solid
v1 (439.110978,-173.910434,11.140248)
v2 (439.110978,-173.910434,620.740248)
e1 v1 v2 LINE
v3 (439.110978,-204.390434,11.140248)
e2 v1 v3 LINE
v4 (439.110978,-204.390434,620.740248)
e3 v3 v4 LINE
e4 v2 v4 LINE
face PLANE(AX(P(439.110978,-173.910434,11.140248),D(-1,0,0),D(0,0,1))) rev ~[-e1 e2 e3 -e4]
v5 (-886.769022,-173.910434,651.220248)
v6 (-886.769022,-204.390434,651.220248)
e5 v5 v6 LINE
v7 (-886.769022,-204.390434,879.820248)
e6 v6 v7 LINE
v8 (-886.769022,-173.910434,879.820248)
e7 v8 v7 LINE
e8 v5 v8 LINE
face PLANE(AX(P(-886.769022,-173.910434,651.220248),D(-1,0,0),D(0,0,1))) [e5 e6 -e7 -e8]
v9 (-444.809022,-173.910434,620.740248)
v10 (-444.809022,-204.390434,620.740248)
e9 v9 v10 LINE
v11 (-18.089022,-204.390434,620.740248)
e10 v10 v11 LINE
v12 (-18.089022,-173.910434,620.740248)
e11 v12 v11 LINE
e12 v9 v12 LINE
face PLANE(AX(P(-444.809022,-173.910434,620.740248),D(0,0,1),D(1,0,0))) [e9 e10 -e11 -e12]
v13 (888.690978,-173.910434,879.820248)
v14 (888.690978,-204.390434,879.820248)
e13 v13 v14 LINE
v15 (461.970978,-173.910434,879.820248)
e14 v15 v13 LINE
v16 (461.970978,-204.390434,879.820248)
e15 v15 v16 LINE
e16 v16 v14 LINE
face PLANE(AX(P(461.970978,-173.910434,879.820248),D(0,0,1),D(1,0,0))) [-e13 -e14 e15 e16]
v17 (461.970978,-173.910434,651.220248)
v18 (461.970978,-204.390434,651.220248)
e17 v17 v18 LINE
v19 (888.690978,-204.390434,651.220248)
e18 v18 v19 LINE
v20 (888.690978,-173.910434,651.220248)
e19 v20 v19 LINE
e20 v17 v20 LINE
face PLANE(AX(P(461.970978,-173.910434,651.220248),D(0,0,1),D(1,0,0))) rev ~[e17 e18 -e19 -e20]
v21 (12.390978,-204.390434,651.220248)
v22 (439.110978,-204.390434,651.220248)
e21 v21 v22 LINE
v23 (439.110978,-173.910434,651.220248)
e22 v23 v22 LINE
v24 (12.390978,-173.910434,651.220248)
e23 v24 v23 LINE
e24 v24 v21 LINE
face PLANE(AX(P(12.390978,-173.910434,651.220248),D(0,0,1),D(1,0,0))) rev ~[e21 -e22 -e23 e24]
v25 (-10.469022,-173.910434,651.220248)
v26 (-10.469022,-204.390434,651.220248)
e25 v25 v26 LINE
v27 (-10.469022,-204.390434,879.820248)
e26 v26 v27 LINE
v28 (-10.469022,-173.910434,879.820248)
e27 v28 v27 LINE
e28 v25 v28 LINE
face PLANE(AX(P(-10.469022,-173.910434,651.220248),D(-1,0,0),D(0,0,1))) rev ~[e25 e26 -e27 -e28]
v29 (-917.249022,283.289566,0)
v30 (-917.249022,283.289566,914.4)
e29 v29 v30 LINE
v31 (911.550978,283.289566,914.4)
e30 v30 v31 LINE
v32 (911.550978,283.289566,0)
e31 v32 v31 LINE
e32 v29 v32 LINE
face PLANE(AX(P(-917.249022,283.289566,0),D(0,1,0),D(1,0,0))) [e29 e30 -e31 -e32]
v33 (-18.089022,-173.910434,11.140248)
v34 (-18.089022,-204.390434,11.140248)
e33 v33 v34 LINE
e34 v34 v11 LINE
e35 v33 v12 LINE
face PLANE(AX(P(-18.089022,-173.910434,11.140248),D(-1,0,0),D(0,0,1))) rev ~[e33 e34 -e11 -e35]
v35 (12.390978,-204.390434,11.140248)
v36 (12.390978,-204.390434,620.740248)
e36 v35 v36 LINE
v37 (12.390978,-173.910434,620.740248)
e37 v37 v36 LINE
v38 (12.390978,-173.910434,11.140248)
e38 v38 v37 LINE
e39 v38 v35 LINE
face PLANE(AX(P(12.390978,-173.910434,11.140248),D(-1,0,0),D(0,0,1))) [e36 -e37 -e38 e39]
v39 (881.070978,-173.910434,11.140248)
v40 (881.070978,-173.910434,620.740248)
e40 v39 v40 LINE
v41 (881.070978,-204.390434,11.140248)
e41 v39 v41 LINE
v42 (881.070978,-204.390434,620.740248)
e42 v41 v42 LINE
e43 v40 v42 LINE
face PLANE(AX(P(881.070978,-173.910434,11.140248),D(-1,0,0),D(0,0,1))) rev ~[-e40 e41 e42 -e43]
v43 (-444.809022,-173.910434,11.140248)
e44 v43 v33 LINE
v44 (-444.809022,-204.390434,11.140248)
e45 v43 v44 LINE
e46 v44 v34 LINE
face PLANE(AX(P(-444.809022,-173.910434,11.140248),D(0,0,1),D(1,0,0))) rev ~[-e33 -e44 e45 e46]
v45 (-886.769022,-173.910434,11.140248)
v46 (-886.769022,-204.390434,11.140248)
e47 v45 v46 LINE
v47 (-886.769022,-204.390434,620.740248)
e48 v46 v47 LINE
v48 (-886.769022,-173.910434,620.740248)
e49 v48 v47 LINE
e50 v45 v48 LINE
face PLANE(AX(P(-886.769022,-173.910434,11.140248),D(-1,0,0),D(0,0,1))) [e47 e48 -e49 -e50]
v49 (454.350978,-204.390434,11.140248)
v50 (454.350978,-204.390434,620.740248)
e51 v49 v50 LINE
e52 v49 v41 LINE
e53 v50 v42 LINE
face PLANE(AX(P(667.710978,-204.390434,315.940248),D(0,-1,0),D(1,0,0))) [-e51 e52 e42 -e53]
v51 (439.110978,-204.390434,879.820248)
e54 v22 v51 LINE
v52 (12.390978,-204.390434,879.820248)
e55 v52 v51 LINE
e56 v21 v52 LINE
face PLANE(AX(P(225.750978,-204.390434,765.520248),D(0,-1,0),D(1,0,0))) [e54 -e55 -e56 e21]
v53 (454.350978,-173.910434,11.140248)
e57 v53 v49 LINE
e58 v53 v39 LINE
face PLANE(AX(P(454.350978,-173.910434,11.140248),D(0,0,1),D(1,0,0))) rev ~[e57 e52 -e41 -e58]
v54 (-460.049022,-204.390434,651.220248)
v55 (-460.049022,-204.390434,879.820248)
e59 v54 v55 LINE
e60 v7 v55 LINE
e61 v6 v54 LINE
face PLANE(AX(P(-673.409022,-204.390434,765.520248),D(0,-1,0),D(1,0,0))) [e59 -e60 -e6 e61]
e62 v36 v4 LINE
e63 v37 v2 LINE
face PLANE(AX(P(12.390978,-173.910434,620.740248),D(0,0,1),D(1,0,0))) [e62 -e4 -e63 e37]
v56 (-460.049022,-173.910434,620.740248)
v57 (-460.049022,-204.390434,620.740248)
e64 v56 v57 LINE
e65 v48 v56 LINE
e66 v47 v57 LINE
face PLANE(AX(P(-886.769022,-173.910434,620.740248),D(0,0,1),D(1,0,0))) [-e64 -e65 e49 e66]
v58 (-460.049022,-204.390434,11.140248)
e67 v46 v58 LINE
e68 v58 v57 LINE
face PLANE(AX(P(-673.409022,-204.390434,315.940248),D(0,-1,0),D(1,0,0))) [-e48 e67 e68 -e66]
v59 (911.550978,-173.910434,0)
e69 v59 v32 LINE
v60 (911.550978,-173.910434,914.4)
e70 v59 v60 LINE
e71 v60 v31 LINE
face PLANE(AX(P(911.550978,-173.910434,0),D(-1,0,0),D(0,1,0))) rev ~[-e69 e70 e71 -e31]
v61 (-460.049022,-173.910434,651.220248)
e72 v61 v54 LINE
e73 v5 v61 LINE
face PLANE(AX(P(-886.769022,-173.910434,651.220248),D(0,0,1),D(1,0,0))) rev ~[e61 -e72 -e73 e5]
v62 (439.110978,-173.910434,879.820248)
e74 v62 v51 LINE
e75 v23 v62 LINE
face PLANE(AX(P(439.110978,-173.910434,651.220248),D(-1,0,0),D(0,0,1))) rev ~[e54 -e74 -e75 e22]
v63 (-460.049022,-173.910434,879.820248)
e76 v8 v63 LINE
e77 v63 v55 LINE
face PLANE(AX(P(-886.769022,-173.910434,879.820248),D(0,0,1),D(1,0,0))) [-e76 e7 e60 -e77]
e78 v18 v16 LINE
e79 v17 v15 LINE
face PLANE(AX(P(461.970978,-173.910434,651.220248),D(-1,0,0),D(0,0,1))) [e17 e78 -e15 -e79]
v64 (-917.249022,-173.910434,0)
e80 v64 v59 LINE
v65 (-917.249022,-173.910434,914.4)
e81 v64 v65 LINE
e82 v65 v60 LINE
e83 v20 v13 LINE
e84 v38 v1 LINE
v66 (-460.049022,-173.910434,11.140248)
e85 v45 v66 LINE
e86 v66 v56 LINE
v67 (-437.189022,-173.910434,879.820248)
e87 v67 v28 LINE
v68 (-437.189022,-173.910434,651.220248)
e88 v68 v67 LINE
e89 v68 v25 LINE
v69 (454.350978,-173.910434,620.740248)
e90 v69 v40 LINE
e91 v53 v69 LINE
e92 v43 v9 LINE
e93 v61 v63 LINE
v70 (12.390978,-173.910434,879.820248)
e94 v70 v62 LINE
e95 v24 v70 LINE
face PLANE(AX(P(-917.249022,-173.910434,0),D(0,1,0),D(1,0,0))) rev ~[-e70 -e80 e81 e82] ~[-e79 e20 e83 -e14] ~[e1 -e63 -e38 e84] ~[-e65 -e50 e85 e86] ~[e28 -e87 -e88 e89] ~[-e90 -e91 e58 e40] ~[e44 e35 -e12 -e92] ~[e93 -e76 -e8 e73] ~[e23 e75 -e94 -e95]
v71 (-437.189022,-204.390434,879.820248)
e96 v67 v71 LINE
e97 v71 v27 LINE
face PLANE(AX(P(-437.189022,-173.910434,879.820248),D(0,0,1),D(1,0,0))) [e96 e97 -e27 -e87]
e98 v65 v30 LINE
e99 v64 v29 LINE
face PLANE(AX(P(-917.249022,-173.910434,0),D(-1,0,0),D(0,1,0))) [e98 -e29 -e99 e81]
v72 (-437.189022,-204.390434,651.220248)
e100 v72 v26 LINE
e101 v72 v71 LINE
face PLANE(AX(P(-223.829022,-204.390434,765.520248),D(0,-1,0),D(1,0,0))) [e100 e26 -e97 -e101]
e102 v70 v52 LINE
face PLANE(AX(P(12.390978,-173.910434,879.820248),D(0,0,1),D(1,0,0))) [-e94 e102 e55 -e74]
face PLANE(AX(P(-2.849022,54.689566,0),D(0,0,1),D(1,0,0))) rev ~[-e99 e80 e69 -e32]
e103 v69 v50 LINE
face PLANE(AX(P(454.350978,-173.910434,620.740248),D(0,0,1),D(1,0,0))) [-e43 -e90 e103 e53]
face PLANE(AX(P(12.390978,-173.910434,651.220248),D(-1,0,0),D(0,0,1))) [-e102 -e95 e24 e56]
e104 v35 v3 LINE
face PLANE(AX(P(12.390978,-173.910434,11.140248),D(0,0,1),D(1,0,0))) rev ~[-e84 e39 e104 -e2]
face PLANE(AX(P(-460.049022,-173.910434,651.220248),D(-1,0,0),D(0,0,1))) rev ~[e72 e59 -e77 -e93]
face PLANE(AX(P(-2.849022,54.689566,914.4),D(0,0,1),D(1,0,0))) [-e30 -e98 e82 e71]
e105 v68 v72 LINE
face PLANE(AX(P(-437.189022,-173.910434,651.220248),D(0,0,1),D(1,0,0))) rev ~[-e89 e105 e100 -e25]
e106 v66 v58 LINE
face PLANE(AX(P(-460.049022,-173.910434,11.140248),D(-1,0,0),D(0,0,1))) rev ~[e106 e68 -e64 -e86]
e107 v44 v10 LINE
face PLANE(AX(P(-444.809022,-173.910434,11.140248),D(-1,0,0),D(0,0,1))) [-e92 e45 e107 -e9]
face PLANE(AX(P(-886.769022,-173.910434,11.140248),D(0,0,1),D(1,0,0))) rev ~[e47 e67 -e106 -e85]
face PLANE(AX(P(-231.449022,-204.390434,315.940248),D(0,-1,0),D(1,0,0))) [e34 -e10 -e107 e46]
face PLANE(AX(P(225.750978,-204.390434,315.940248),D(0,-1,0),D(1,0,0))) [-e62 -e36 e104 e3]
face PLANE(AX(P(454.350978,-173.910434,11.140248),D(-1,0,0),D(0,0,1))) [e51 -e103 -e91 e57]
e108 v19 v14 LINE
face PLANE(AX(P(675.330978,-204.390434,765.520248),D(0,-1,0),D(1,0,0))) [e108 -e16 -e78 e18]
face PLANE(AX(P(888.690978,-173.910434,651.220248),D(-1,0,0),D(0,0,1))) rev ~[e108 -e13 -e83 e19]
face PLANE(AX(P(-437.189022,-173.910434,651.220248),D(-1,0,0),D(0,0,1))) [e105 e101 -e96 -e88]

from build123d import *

# Parameters (mm, degrees)
F0_W     = 1828.8
F0_H     = 457.2
F1_DEPTH = 914.4
F2_W     = 426.72
F2_H     = 609.6
F2_H_2   = 228.6
F3_DEPTH = 30.48


with BuildPart() as f1:
    # F0 (on Top) → F1 (new body)
    with BuildSketch(Plane.XY):
        with Locations((-2.849022, 54.689566)):
            Rectangle(F0_W, F0_H)
    extrude(amount=F1_DEPTH)

    # F2 (on face) → F3 (join)
    with BuildSketch(Plane.XZ.offset(173.910434)):
        with Locations((-673.409022, 315.940248)):
            Rectangle(F2_W, F2_H)
        with Locations((-231.449022, 315.940248)):
            Rectangle(F2_W, F2_H)
        with Locations((225.750978, 315.940248)):
            Rectangle(F2_W, F2_H)
        with Locations((667.710978, 315.940248)):
            Rectangle(F2_W, F2_H)
        with Locations((-673.409022, 765.520248)):
            Rectangle(F2_W, F2_H_2)
        with Locations((-223.829022, 765.520248)):
            Rectangle(F2_W, F2_H_2)
        with Locations((225.750978, 765.520248)):
            Rectangle(F2_W, F2_H_2)
        with Locations((675.330978, 765.520248)):
            Rectangle(F2_W, F2_H_2)
    extrude(amount=F3_DEPTH)


solid = f1.part
